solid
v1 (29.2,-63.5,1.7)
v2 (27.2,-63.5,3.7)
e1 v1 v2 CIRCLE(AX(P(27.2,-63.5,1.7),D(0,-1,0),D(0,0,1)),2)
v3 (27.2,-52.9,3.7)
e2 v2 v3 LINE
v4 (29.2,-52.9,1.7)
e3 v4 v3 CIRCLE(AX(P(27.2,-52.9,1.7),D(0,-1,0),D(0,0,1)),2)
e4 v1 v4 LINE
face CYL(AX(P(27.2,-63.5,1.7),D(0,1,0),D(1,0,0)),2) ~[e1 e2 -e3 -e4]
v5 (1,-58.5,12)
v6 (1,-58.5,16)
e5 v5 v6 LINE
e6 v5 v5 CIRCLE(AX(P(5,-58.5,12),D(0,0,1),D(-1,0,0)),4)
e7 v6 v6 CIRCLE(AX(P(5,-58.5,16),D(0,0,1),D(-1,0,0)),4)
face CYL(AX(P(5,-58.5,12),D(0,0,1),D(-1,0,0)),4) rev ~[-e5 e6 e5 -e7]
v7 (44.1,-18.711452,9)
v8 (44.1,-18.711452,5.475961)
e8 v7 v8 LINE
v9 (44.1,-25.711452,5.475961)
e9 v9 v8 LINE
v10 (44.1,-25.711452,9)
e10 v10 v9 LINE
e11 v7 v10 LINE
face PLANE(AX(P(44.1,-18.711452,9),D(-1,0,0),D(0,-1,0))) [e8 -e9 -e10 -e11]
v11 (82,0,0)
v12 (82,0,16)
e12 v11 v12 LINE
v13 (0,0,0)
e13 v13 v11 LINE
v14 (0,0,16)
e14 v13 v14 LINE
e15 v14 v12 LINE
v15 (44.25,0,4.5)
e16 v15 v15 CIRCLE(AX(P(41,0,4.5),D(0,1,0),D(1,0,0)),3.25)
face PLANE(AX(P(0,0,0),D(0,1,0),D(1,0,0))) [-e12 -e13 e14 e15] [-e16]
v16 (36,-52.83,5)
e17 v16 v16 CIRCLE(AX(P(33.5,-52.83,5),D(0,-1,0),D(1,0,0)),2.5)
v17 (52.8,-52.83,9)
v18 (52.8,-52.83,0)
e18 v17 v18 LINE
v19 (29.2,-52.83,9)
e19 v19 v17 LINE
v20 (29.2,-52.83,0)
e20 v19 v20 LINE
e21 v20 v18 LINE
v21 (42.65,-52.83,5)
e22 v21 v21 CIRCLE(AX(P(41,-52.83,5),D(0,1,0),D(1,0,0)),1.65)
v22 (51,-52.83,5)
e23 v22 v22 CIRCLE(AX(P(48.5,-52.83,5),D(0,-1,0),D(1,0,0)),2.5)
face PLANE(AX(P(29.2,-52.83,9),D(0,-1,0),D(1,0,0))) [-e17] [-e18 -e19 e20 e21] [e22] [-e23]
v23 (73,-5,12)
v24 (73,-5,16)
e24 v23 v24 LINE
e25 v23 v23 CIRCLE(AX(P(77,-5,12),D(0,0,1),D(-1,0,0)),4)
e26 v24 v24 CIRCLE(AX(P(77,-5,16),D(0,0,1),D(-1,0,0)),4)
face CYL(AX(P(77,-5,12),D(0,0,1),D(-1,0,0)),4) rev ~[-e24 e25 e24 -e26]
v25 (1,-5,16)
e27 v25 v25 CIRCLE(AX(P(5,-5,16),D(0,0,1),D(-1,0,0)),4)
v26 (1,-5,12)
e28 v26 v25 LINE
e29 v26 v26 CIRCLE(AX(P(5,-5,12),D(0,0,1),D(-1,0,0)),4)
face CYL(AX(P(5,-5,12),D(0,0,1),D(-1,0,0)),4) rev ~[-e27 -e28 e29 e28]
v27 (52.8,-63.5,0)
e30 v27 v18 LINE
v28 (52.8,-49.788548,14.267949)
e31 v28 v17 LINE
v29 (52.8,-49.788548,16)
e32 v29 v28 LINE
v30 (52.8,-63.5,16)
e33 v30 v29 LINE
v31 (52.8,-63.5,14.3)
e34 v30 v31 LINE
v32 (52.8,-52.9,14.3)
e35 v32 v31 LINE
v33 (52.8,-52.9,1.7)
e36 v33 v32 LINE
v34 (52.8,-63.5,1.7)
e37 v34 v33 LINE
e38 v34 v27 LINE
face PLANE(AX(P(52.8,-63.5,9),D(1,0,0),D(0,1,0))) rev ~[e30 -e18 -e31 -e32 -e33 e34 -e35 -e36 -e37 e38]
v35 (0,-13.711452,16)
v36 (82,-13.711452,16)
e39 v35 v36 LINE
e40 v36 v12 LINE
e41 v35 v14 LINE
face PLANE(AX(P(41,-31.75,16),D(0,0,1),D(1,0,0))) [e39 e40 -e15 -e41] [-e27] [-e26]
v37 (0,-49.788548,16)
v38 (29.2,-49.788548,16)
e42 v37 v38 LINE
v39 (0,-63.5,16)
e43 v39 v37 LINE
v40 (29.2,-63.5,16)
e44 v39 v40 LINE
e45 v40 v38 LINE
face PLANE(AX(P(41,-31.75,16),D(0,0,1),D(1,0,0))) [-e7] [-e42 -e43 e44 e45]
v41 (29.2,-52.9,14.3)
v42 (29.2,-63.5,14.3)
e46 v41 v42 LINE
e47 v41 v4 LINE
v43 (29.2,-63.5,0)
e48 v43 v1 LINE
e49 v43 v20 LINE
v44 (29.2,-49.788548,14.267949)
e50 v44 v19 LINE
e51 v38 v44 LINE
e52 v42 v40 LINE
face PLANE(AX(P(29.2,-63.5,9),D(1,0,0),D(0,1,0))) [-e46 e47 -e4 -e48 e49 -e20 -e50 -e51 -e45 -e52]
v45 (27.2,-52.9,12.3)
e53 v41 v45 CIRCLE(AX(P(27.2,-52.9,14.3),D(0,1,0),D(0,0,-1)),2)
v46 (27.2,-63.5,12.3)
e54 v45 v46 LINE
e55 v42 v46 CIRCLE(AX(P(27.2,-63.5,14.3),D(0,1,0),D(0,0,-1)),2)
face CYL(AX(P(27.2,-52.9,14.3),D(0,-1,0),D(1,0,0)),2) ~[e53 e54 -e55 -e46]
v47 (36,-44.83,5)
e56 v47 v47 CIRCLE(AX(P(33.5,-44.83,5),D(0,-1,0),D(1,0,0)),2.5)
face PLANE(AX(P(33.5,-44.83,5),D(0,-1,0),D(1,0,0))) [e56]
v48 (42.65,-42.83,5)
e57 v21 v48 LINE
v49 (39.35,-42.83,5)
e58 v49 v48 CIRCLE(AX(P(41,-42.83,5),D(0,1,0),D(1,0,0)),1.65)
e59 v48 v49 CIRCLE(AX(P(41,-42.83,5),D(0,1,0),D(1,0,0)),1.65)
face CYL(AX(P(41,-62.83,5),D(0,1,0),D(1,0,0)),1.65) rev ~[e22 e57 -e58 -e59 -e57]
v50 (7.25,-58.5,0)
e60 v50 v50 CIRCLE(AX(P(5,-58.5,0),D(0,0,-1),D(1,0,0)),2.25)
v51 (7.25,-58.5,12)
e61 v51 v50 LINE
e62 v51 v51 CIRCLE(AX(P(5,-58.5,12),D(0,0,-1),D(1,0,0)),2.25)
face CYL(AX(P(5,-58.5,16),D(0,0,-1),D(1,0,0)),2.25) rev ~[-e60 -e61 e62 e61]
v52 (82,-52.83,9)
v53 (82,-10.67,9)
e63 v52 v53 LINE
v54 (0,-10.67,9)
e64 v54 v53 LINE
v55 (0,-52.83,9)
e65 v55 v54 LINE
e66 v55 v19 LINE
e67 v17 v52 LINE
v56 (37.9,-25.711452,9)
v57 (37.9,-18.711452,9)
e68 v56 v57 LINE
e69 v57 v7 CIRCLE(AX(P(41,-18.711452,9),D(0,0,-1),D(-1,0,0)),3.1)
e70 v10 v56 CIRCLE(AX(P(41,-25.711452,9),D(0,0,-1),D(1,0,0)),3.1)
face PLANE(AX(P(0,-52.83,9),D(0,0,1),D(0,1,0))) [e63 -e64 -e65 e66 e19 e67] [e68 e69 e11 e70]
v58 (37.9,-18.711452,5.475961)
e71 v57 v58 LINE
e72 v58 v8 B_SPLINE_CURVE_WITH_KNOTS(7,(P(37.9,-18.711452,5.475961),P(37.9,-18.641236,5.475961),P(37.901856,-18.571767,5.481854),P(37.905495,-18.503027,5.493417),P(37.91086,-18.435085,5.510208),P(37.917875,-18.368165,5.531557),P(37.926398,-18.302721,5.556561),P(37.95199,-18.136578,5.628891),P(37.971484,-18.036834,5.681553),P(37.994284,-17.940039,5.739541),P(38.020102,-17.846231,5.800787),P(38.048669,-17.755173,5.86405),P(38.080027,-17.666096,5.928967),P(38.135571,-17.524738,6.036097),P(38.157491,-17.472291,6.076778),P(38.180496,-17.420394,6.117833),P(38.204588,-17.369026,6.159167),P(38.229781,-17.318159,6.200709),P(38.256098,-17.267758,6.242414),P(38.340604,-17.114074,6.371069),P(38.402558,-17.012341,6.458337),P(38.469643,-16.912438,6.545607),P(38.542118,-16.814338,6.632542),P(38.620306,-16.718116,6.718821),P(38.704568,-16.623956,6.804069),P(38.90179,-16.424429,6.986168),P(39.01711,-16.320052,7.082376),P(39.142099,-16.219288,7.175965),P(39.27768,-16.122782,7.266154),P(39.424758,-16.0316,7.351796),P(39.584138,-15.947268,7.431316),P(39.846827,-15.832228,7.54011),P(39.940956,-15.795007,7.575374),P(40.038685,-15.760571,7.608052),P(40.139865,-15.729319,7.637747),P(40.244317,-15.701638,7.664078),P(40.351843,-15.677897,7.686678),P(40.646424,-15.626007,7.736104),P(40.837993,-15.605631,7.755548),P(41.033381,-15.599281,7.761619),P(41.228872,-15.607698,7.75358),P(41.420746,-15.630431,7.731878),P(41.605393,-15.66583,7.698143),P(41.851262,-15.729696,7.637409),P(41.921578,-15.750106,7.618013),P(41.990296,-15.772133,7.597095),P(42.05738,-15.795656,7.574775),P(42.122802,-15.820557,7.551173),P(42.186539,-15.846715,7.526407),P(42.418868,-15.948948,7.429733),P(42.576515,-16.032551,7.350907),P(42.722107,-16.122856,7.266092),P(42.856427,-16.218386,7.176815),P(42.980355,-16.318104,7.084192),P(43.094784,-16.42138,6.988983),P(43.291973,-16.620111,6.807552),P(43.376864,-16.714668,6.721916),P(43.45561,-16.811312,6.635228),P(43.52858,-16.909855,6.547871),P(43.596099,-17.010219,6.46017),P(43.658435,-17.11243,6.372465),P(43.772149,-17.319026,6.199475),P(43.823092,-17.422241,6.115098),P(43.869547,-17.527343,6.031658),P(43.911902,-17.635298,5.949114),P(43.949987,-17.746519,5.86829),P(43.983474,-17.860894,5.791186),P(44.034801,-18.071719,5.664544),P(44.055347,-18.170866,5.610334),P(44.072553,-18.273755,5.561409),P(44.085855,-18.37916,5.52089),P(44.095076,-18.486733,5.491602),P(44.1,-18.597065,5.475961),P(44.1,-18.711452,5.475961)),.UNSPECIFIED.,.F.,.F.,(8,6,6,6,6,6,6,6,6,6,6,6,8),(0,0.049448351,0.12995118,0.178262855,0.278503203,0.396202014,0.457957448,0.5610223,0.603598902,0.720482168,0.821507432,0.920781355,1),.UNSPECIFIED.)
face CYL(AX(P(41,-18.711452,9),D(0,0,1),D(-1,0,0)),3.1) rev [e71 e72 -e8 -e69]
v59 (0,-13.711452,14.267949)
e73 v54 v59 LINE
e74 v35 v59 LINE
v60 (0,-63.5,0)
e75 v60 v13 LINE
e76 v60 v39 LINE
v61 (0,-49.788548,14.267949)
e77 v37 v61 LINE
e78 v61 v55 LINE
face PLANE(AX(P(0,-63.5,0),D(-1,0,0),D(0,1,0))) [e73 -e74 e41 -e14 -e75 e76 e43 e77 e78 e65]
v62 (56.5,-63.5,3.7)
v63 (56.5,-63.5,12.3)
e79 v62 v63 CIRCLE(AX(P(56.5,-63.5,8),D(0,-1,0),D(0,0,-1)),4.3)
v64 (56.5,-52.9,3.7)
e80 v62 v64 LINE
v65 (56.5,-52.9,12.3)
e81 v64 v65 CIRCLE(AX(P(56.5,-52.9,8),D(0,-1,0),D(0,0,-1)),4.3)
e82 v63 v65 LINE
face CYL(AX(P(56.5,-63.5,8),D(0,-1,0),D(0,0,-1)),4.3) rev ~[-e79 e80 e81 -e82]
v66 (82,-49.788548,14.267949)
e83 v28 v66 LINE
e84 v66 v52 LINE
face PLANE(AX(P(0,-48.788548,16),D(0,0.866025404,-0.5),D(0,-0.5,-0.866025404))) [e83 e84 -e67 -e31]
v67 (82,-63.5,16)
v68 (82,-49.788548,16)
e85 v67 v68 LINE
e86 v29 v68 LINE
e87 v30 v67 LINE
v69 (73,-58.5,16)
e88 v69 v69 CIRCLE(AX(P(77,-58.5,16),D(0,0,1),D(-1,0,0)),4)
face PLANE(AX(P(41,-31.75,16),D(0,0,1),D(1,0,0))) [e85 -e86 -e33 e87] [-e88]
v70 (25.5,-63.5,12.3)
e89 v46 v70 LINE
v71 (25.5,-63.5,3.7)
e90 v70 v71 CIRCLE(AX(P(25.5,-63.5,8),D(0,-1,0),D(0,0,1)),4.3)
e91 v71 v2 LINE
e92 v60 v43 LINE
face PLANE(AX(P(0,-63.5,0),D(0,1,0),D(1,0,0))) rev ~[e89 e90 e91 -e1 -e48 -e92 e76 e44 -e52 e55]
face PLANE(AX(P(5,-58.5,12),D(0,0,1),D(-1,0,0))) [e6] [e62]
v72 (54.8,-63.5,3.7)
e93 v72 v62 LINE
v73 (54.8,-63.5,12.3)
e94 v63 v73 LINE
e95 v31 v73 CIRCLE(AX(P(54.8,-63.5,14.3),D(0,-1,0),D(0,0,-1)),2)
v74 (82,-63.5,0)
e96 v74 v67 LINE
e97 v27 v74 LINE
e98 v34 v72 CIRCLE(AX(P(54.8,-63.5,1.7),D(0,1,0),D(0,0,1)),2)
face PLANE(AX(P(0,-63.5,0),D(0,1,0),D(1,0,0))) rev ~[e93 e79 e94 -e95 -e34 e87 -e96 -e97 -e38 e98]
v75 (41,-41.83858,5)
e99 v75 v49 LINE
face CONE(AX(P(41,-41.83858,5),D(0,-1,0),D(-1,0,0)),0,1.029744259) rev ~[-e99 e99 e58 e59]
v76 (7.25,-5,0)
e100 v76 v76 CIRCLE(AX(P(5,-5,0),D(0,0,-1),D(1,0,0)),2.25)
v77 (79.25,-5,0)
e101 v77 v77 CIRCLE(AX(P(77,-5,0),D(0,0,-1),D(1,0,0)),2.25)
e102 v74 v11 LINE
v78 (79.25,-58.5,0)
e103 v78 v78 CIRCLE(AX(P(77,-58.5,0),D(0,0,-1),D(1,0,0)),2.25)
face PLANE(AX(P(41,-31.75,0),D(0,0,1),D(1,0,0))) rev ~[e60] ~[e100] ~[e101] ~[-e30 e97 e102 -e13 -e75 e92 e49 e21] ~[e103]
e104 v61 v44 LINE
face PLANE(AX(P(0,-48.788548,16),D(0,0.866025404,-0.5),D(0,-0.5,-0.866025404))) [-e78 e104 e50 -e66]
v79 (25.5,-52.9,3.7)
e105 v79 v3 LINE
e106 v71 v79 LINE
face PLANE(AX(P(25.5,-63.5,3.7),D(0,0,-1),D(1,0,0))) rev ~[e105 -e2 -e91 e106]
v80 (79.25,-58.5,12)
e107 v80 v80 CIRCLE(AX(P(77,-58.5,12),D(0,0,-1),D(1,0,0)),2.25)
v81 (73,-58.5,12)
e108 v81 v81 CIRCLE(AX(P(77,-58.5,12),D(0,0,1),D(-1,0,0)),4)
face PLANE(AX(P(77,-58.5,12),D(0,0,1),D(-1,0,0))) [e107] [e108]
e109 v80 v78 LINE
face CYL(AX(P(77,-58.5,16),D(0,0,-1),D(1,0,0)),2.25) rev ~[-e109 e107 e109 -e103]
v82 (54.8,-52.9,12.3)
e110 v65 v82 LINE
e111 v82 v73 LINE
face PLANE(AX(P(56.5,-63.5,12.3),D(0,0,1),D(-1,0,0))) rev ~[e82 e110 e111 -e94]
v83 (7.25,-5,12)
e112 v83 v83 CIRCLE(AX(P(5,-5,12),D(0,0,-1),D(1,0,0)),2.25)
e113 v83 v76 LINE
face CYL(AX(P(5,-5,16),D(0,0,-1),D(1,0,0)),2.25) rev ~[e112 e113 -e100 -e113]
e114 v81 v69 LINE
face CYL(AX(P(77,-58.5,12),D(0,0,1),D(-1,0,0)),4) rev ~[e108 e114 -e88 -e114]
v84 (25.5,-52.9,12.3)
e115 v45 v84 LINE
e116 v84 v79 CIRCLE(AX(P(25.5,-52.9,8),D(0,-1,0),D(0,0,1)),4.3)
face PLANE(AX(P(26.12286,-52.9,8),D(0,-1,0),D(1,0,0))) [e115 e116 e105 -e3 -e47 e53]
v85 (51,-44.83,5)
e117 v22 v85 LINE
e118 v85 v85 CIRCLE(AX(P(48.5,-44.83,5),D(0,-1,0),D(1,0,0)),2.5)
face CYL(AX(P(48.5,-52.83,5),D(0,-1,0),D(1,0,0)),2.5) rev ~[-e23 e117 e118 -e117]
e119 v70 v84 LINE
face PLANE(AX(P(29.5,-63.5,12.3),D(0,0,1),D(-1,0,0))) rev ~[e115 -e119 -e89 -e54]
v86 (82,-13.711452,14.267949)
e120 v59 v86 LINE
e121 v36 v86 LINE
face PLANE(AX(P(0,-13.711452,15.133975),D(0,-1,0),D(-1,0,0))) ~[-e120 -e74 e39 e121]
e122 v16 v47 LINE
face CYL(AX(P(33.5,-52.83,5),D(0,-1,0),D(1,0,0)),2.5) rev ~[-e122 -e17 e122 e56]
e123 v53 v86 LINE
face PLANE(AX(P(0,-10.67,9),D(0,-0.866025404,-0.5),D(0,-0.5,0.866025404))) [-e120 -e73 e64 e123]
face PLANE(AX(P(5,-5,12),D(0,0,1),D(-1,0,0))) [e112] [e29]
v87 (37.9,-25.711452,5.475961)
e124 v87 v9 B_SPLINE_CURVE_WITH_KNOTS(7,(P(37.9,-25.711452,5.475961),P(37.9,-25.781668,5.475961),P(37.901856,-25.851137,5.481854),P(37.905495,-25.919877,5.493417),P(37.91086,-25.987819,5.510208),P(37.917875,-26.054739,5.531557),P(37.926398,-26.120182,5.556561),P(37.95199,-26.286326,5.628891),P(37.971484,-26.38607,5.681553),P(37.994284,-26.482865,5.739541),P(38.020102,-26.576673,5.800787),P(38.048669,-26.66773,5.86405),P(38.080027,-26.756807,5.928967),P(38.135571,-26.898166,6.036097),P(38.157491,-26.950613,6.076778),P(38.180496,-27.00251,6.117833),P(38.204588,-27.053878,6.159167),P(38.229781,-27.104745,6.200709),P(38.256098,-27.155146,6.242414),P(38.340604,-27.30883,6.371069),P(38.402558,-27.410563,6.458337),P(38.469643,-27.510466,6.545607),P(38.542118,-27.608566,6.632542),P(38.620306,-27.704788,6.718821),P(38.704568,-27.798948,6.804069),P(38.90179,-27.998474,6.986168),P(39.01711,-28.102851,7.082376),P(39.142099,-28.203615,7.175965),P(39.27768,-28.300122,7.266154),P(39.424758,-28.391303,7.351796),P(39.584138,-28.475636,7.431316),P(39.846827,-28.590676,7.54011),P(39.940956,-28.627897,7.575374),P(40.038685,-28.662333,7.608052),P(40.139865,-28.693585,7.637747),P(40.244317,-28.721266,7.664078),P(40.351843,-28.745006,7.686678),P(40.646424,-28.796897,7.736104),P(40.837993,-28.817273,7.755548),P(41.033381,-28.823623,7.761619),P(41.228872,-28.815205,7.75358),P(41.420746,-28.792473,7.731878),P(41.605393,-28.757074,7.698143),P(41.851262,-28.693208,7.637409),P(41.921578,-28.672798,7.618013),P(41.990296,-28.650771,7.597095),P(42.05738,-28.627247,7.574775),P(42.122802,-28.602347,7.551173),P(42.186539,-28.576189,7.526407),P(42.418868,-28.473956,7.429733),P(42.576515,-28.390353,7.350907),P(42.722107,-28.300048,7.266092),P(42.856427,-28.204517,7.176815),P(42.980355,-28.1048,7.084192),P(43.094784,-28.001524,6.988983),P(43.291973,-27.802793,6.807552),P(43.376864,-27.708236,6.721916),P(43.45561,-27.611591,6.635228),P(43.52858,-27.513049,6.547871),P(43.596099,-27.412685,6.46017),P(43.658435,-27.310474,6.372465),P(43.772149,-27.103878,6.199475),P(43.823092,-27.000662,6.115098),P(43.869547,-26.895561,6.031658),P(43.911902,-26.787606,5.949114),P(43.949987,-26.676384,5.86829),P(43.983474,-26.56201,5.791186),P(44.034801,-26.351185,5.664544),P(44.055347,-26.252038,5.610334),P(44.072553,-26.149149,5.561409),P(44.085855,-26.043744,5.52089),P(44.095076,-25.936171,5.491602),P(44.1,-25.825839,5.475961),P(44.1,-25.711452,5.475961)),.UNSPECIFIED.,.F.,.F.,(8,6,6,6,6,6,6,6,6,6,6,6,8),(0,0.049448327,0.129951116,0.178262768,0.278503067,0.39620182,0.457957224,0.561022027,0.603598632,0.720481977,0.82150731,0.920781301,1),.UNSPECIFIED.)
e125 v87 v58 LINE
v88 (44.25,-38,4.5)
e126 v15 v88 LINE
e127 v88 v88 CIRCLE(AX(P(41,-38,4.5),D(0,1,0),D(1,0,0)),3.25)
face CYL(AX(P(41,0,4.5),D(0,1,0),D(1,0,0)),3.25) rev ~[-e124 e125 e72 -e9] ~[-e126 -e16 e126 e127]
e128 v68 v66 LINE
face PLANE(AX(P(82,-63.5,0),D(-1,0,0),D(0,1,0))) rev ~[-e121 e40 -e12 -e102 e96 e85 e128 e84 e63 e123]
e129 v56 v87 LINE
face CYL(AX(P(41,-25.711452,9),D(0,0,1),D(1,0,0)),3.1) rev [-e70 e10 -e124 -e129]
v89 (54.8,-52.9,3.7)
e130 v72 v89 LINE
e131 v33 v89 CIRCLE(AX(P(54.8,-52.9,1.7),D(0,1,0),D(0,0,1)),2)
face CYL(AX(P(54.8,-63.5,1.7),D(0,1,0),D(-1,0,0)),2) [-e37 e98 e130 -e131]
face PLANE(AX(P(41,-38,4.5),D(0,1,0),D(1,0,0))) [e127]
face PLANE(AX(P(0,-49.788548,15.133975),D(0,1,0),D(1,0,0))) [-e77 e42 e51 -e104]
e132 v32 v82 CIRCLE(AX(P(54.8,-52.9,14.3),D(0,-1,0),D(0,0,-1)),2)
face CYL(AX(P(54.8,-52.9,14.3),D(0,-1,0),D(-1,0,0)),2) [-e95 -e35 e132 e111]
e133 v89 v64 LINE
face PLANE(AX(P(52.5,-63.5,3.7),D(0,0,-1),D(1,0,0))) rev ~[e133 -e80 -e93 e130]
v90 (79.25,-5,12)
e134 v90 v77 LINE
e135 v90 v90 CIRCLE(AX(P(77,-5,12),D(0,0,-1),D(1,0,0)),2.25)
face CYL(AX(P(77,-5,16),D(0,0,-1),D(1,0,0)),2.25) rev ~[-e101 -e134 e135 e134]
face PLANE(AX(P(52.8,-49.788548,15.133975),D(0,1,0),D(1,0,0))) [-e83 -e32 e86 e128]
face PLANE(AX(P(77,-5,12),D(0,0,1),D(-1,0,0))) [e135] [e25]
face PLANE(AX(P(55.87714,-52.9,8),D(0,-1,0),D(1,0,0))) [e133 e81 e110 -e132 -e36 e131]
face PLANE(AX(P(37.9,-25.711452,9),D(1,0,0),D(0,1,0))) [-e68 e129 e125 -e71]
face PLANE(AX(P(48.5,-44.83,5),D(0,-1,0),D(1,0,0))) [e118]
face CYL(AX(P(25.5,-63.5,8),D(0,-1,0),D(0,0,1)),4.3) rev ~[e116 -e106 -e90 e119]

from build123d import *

# Parameters (mm, degrees)
SKETCH_1_W                  = 82
SKETCH_1_H                  = 63.5
EXTRUDE_1_DEPTH             = 16
CUT_EXTRUDE_1_DEPTH         = 83
SKETCH_15_W                 = 23.6
SKETCH_15_H                 = 14.711451884
CUT_EXTRUDE_4_DEPTH         = 7
SKETCH_16_W                 = 23.6
SKETCH_16_H                 = 10.67
CUT_EXTRUDE_5_DEPTH         = 9
SKETCH_17_R                 = 2.5
CUT_EXTRUDE_6_DEPTH         = 8
M4X0_72_D                   = 3.3
M4X0_72_DEPTH               = 10
M4X0_72_TIP                 = 0.991420021
CUT_EXTRUDE_7_DEPTH         = 4
SKETCH_26_R                 = 3.25
CUT_EXTRUDE_8_DEPTH         = 38
HOLE_WIZARD_M41_D           = 4.5
HOLE_WIZARD_M41_CBORE_D     = 8
HOLE_WIZARD_M41_CBORE_DEPTH = 4
CHAMFER_2_SIZE              = 1
CHAMFER_2_SIZE2             = 2
CHAMFER_2_PART_2_SIZE       = 1
CHAMFER_2_PART_2_SIZE2      = 2
CHAMFER_2_PART_3_SIZE       = 1
CHAMFER_2_PART_3_SIZE2      = 2
CUT_EXTRUDE_12_DEPTH        = 10.6
FILLET_1_R                  = 2


with BuildPart() as part:
    # Эскиз1 → Бобышка-Вытянуть1 (new body)
    with BuildSketch(Plane.XY):
        with Locations((41, -31.75)):
            Rectangle(SKETCH_1_W, SKETCH_1_H)
    extrude(amount=EXTRUDE_1_DEPTH)

    # Эскиз2 → Вырез-Вытянуть1 (cut, through all)
    with BuildSketch(Plane.ZY):
        Polygon((9, -10.67), (16, -14.711451884), (16, -48.788548116), (9, -52.83), align=None)
    extrude(amount=-CUT_EXTRUDE_1_DEPTH, mode=Mode.SUBTRACT)

    # Эскиз15 → Вырез-Вытянуть4 (cut)
    with BuildSketch(Plane.XY.offset(16)):
        with Locations((41, -56.144274058)):
            Rectangle(SKETCH_15_W, SKETCH_15_H)
    extrude(amount=-CUT_EXTRUDE_4_DEPTH, mode=Mode.SUBTRACT)

    # Эскиз16 → Вырез-Вытянуть5 (cut)
    with BuildSketch(Plane.XY.offset(9)):
        with Locations((41, -58.165)):
            Rectangle(SKETCH_16_W, SKETCH_16_H)
    extrude(amount=-CUT_EXTRUDE_5_DEPTH, mode=Mode.SUBTRACT)

    # Эскиз17 → Вырез-Вытянуть6 (cut)
    with BuildSketch(Plane.XZ.offset(52.83)):
        with Locations((33.5, 5)):
            Circle(SKETCH_17_R)
        with Locations((48.5, 5)):
            Circle(SKETCH_17_R)
    extrude(amount=-CUT_EXTRUDE_6_DEPTH, mode=Mode.SUBTRACT)

    # Отверстие обработанное метчиком M4x0.72
    with Locations(Plane(origin=(0, -52.83, 0), x_dir=(-1, 0, 0), z_dir=(0, -1, 0))):
        with Locations((-41, -5)):
            Hole(M4X0_72_D / 2, depth=M4X0_72_DEPTH)
            with Locations((0, 0, -(M4X0_72_DEPTH + M4X0_72_TIP / 2))):  # 118° drill point
                Cone(0, M4X0_72_D / 2, M4X0_72_TIP, mode=Mode.SUBTRACT)

    # Эскиз25 → Вырез-Вытянуть7 (cut)
    with BuildSketch(Plane.XY.offset(9)):
        with BuildLine():
            Line((44.1, -18.711451884), (44.1, -25.711451884))
            ThreePointArc((44.1, -25.711451884), (41, -28.811451884), (37.9, -25.711451884))
            Line((37.9, -25.711451884), (37.9, -18.711451884))
            ThreePointArc((37.9, -18.711451884), (41, -15.611451884), (44.1, -18.711451884))
        make_face()
    extrude(amount=-CUT_EXTRUDE_7_DEPTH, mode=Mode.SUBTRACT)

    # Эскиз26 → Вырез-Вытянуть8 (cut)
    with BuildSketch(Plane(origin=(0, 0, 0), x_dir=(1, 0, 0), z_dir=(0, 1, 0))):
        with Locations((41, -4.5)):
            Circle(SKETCH_26_R)
    extrude(amount=-CUT_EXTRUDE_8_DEPTH, mode=Mode.SUBTRACT)

    # Цековка для винта с внутренним шестигранником M41 (through all)
    with Locations(Plane(origin=(30.759227947, 26.793365177, 16), x_dir=(-1, 0, 0), z_dir=(0, 0, 1))):
        with Locations((-46.240772053, 31.793365177), (-46.240772053, 85.293365177), (25.759227947, 85.293365177), (25.759227947, 31.793365177)):
            CounterBoreHole(HOLE_WIZARD_M41_D / 2, HOLE_WIZARD_M41_CBORE_D / 2, HOLE_WIZARD_M41_CBORE_DEPTH)

    # Фаска2
    chamfer_2_edges = [part.edges().sort_by_distance(p)[0] for p in [
        (41, -14.711451884, 16),
    ]]
    chamfer_2_side = [part.faces().sort_by_distance(p)[0] for p in [
        (41, -7.569889145, 16),
    ]]
    chamfer(chamfer_2_edges, length=CHAMFER_2_SIZE, length2=CHAMFER_2_SIZE2, reference=chamfer_2_side[0])

    # Фаска2 part 2
    chamfer_2_part_2_edges = [part.edges().sort_by_distance(p)[0] for p in [
        (67.4, -48.788548116, 16),
    ]]
    chamfer_2_part_2_side = [part.faces().sort_by_distance(p)[0] for p in [
        (66.127821531, -55.832096576, 16),
    ]]
    chamfer(chamfer_2_part_2_edges, length=CHAMFER_2_PART_2_SIZE, length2=CHAMFER_2_PART_2_SIZE2, reference=chamfer_2_part_2_side[0])

    # Фаска2 part 3
    chamfer_2_part_3_edges = [part.edges().sort_by_distance(p)[0] for p in [
        (14.6, -48.788548116, 16),
    ]]
    chamfer_2_part_3_side = [part.faces().sort_by_distance(p)[0] for p in [
        (15.872178469, -55.832096576, 16),
    ]]
    chamfer(chamfer_2_part_3_edges, length=CHAMFER_2_PART_3_SIZE, length2=CHAMFER_2_PART_3_SIZE2, reference=chamfer_2_part_3_side[0])

    # Эскиз32 → Вырез-Вытянуть12 (cut)
    with BuildSketch(Plane.XZ.offset(63.5)):
        with BuildLine():
            Line((29.5, 12.3), (25.5, 12.3))
            ThreePointArc((25.5, 12.3), (21.2, 8), (25.5, 3.7))
            Line((25.5, 3.7), (29.5, 3.7))
            Line((29.5, 3.7), (29.5, 12.3))
        make_face()
        with BuildLine():
            Line((52.5, 3.7), (56.5, 3.7))
            ThreePointArc((56.5, 3.7), (60.8, 8), (56.5, 12.3))
            Line((56.5, 12.3), (52.5, 12.3))
            Line((52.5, 12.3), (52.5, 3.7))
        make_face()
    extrude(amount=-CUT_EXTRUDE_12_DEPTH, mode=Mode.SUBTRACT)

    # Скругление1
    fillet_1_edges = [part.edges().sort_by_distance(p)[0] for p in [
        (29.2, -58.2, 12.3),
        (29.2, -58.2, 3.7),
        (52.8, -58.2, 3.7),
        (52.8, -58.2, 12.3),
    ]]
    fillet(fillet_1_edges, radius=FILLET_1_R)


solid = part.part
